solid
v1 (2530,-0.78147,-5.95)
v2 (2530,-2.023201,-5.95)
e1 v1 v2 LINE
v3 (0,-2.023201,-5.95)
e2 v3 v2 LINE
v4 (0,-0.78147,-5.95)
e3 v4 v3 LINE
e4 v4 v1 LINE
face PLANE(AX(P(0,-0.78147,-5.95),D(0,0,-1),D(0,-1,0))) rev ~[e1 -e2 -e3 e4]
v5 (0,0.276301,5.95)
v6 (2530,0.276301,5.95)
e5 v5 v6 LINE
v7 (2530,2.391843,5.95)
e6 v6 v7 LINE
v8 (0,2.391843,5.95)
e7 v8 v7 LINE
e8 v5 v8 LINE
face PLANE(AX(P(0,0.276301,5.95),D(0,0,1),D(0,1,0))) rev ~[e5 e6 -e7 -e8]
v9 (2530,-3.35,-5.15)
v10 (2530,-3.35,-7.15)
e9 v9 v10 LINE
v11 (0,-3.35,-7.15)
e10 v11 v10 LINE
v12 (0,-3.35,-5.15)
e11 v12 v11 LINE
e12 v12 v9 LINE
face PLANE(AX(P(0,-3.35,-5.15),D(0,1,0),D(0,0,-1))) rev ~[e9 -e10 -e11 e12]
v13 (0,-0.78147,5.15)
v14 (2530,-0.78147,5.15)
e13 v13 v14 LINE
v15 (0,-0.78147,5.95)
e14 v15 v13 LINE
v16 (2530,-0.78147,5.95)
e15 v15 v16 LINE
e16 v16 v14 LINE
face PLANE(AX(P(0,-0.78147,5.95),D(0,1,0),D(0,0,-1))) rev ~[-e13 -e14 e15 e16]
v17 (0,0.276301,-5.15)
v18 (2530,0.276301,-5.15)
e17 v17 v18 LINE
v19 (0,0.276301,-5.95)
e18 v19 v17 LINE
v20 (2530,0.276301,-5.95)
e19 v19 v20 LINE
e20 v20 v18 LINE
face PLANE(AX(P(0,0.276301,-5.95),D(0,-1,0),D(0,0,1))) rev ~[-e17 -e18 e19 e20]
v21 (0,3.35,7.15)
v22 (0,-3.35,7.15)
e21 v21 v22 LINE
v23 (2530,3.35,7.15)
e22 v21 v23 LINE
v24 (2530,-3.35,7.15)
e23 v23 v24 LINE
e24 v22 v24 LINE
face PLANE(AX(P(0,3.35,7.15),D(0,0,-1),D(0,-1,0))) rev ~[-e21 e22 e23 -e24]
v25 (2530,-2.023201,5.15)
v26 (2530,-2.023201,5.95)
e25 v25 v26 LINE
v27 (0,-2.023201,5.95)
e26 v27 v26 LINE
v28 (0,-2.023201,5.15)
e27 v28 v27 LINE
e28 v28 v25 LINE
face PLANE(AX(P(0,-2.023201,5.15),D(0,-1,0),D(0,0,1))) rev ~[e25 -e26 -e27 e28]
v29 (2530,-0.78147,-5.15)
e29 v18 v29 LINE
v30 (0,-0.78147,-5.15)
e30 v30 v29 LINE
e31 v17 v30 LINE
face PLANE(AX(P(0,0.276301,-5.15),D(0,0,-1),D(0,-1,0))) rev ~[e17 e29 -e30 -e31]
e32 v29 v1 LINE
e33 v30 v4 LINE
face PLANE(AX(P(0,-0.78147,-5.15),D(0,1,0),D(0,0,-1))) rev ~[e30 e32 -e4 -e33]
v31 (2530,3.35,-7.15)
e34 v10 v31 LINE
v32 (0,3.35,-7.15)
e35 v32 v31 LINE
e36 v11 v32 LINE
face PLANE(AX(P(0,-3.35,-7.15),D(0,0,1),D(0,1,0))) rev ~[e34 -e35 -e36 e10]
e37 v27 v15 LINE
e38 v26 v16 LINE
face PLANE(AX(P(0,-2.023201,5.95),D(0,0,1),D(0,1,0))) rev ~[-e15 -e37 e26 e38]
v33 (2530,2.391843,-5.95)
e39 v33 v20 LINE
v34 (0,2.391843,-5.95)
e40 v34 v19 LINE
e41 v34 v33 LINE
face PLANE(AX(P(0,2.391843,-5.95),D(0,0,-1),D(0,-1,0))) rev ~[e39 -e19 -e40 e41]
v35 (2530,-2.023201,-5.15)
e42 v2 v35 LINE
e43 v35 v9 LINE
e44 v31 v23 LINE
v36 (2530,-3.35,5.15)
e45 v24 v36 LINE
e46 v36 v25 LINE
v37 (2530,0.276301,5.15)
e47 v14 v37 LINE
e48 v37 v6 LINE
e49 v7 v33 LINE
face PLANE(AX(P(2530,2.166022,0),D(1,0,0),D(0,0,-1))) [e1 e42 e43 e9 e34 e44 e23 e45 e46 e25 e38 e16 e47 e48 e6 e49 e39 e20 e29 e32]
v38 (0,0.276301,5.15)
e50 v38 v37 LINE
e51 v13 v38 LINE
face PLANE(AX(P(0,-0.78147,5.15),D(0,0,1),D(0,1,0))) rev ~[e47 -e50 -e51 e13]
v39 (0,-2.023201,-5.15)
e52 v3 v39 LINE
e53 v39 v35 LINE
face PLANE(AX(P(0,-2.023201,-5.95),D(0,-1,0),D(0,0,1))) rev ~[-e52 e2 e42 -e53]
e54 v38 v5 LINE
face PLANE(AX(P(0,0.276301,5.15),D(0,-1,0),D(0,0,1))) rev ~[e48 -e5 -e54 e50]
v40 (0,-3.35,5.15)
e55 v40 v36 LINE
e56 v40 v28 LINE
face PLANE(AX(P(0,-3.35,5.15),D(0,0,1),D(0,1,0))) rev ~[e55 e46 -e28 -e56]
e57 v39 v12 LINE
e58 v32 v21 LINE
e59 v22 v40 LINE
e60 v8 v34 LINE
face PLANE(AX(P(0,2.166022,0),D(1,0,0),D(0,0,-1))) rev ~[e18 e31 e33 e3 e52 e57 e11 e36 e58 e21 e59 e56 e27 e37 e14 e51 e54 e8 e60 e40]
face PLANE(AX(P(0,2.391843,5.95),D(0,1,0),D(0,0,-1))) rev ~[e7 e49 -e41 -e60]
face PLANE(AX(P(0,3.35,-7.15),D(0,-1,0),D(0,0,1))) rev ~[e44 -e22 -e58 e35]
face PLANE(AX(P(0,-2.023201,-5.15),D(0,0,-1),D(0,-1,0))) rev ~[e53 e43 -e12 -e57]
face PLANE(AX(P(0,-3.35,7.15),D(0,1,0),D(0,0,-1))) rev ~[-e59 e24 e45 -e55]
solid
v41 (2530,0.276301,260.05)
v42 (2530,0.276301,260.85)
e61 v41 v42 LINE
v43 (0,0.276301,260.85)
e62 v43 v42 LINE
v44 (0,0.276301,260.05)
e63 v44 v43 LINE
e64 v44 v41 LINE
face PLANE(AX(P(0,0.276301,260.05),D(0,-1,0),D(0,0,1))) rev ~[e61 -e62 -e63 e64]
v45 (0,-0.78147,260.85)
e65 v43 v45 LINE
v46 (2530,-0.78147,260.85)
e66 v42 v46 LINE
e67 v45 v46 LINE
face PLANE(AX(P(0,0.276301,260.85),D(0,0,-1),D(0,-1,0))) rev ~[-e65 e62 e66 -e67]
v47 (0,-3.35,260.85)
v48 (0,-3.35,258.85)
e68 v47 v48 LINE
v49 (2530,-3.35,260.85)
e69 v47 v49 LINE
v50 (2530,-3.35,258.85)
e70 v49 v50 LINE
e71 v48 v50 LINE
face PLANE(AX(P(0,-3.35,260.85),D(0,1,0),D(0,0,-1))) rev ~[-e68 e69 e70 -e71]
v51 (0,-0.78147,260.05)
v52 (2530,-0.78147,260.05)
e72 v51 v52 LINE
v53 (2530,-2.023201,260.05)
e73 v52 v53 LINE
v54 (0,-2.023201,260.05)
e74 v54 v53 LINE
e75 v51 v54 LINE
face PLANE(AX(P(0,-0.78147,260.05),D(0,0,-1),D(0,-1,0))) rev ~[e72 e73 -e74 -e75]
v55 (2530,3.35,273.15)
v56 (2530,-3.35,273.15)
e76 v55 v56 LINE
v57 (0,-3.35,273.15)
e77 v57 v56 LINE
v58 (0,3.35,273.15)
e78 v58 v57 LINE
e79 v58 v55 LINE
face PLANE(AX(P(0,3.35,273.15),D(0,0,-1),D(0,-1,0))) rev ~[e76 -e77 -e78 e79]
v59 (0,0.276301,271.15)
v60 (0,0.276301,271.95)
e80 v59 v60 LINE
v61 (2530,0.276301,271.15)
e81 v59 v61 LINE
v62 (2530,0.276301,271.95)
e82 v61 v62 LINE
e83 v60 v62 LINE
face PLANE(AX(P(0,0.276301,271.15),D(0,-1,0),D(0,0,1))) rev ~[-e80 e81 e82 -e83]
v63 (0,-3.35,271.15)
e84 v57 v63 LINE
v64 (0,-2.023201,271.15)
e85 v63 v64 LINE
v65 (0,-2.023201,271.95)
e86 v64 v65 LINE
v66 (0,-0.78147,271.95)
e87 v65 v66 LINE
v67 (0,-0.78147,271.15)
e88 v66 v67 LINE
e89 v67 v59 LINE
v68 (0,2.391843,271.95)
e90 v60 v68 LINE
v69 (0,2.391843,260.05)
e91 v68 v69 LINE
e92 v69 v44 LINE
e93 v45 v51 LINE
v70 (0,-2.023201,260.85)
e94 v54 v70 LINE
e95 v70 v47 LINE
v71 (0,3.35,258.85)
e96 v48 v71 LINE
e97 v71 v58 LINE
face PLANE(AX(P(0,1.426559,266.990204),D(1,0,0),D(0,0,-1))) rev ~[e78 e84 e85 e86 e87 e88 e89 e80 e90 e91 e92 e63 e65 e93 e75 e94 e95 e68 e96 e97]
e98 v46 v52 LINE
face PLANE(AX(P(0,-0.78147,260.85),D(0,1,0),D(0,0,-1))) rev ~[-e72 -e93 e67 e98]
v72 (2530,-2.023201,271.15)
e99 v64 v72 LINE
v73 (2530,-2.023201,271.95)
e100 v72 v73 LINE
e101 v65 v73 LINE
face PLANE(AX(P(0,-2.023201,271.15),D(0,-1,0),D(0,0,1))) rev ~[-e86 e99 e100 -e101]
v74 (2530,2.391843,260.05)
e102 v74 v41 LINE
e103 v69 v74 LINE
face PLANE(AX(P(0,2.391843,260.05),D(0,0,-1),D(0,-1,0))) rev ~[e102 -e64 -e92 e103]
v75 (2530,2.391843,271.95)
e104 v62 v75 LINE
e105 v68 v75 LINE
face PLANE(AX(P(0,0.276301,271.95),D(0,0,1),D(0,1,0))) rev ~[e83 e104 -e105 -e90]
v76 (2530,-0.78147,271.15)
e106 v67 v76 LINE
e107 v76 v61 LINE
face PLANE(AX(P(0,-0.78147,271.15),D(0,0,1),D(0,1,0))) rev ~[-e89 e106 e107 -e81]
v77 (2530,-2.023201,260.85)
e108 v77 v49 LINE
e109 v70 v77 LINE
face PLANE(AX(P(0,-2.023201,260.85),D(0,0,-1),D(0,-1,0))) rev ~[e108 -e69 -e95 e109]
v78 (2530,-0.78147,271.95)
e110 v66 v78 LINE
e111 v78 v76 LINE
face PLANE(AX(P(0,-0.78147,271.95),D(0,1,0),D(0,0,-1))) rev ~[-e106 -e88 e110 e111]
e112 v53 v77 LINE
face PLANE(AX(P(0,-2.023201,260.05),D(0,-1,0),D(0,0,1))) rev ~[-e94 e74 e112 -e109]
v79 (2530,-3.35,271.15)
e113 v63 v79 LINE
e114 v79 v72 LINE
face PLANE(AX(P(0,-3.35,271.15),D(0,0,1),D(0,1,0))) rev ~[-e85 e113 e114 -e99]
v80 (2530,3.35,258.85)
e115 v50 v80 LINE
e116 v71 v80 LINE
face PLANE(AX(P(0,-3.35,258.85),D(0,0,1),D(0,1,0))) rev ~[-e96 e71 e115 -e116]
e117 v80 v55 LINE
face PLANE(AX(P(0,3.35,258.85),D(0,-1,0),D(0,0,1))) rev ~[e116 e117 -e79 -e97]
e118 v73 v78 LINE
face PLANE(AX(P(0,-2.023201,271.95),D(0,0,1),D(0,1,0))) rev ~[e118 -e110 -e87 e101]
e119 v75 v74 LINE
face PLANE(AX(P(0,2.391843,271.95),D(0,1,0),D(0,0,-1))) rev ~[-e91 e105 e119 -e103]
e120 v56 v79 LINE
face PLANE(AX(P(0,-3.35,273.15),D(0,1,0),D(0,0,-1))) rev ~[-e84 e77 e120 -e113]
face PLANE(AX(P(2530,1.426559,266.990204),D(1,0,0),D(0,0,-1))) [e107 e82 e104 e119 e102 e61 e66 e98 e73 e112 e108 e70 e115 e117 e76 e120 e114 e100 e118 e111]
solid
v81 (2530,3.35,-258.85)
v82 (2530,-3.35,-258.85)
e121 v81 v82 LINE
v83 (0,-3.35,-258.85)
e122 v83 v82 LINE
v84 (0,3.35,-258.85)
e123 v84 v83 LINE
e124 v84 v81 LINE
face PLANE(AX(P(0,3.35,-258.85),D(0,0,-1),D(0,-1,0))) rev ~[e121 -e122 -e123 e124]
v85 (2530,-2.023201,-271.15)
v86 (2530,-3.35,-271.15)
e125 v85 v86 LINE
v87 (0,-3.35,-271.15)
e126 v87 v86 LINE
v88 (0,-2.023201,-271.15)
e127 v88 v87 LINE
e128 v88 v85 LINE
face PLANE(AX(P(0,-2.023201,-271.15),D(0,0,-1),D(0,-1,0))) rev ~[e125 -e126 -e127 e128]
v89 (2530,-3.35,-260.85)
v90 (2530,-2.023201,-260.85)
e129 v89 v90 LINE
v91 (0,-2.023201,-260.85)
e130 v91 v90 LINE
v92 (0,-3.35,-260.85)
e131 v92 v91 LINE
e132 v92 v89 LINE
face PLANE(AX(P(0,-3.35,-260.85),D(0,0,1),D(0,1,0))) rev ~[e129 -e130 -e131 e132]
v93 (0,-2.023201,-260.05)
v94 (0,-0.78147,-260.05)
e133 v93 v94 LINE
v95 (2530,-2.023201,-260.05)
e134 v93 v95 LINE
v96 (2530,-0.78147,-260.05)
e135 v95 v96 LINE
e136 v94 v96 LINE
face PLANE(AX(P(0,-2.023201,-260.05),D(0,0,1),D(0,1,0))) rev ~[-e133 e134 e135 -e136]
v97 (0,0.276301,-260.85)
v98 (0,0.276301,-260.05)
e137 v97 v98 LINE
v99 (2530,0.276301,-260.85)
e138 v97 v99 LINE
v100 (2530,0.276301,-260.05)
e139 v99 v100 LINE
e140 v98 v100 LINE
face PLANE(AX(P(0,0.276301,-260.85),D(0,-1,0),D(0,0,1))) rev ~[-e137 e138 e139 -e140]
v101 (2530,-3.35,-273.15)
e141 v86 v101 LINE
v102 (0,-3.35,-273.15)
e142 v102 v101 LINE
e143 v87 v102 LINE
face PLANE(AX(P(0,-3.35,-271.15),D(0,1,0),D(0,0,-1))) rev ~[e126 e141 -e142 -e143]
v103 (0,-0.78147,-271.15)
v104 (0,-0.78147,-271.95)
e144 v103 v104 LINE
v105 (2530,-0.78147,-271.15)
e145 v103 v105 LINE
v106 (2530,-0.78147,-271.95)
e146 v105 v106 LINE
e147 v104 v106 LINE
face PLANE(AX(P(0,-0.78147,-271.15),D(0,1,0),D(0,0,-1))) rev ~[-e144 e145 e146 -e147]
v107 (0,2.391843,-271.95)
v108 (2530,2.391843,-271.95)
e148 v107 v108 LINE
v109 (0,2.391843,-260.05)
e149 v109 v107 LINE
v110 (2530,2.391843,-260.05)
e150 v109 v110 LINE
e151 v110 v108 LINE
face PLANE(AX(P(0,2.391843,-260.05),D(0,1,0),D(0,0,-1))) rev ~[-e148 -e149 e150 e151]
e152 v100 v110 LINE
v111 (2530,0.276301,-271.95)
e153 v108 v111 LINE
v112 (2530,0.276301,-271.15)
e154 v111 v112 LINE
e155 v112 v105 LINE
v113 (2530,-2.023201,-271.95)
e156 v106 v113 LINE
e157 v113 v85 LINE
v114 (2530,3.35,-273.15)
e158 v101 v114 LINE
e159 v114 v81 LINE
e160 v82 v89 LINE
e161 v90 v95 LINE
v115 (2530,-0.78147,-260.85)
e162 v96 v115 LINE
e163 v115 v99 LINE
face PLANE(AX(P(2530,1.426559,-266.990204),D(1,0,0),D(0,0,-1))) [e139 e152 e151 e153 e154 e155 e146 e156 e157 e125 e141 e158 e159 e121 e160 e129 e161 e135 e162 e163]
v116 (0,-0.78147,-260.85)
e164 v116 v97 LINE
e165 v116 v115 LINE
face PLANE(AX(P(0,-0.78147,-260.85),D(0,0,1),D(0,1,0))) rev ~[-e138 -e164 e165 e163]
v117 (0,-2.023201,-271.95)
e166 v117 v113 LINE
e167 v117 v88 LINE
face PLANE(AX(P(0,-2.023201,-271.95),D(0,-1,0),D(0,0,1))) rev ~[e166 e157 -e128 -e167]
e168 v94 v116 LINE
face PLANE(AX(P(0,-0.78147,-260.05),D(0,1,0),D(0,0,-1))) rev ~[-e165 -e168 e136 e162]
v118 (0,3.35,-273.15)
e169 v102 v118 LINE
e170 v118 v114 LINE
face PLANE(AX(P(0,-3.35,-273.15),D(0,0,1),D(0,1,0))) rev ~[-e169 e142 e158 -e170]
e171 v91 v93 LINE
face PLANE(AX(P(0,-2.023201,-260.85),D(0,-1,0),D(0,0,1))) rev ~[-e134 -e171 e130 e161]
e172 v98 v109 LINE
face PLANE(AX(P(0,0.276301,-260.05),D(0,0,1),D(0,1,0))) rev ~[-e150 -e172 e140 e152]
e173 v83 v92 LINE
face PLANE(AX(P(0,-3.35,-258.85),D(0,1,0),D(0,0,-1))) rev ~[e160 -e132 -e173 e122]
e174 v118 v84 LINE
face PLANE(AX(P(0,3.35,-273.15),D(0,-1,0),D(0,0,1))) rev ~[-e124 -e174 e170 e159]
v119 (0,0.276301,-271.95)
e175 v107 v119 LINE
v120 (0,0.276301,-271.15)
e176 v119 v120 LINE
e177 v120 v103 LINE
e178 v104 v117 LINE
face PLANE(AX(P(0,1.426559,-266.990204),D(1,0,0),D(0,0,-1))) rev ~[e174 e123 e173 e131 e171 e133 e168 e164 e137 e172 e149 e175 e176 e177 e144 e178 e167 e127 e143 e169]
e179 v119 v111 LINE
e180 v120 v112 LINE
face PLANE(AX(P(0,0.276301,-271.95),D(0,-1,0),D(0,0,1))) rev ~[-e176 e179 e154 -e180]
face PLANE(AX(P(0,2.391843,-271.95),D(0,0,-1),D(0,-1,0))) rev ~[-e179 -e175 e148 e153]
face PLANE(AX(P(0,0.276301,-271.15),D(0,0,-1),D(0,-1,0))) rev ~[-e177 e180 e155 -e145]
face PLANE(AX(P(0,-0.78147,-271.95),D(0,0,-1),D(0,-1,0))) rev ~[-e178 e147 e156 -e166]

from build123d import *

# Parameters (mm, degrees)
BOSS_EXTRUDE1_DEPTH = 2530


with BuildPart() as part:
    # Sketch1 → Boss-Extrude1 (new body)
    with BuildSketch(Plane(origin=(0, 0, 0), x_dir=(0, 0, -1), z_dir=(1, 0, 0))):
        Polygon((-260.85, 0), (-258.85, 0), (-258.85, 3.35), (-273.15, 3.35), (-273.15, -3.35), (-271.15, -3.35), (-271.15, -2.023201375), (-271.95, -2.023201375), (-271.95, -0.781470196), (-271.15, -0.781470196), (-271.15, 0.276300808), (-271.95, 0.276300808), (-271.95, 2.391842816), (-260.05, 2.391842816), (-260.05, 0.276300808), (-260.85, 0.276300808), align=None)
        Polygon((-7.15, 0), (-5.15, 0), (-5.15, 0.276300808), (-5.95, 0.276300808), (-5.95, 2.391842816), (5.95, 2.391842816), (5.95, 0.276300808), (5.15, 0.276300808), (5.15, 0), (7.15, 0), (7.15, 3.35), (-7.15, 3.35), align=None)
        Polygon((7.15, 0), (5.15, 0), (5.15, -0.781470196), (5.95, -0.781470196), (5.95, -2.023201375), (5.15, -2.023201375), (5.15, -3.35), (7.15, -3.35), align=None)
        Polygon((-5.15, -0.781470196), (-5.15, 0), (-7.15, 0), (-7.15, -3.35), (-5.15, -3.35), (-5.15, -2.023201375), (-5.95, -2.023201375), (-5.95, -0.781470196), align=None)
        Polygon((258.85, 3.35), (258.85, 0), (260.85, 0), (260.85, 0.276300808), (260.05, 0.276300808), (260.05, 2.391842816), (271.95, 2.391842816), (271.95, 0.276300808), (271.15, 0.276300808), (271.15, -0.781470196), (271.95, -0.781470196), (271.95, -2.023201375), (271.15, -2.023201375), (271.15, -3.35), (273.15, -3.35), (273.15, 3.35), align=None)
        Polygon((260.85, 0), (258.85, 0), (258.85, -3.35), (260.85, -3.35), (260.85, -2.023201375), (260.05, -2.023201375), (260.05, -0.781470196), (260.85, -0.781470196), align=None)
        Polygon((-258.85, -3.35), (-258.85, 0), (-260.85, 0), (-260.85, -0.781470196), (-260.05, -0.781470196), (-260.05, -2.023201375), (-260.85, -2.023201375), (-260.85, -3.35), align=None)
    extrude(amount=BOSS_EXTRUDE1_DEPTH)


solid = part.part
